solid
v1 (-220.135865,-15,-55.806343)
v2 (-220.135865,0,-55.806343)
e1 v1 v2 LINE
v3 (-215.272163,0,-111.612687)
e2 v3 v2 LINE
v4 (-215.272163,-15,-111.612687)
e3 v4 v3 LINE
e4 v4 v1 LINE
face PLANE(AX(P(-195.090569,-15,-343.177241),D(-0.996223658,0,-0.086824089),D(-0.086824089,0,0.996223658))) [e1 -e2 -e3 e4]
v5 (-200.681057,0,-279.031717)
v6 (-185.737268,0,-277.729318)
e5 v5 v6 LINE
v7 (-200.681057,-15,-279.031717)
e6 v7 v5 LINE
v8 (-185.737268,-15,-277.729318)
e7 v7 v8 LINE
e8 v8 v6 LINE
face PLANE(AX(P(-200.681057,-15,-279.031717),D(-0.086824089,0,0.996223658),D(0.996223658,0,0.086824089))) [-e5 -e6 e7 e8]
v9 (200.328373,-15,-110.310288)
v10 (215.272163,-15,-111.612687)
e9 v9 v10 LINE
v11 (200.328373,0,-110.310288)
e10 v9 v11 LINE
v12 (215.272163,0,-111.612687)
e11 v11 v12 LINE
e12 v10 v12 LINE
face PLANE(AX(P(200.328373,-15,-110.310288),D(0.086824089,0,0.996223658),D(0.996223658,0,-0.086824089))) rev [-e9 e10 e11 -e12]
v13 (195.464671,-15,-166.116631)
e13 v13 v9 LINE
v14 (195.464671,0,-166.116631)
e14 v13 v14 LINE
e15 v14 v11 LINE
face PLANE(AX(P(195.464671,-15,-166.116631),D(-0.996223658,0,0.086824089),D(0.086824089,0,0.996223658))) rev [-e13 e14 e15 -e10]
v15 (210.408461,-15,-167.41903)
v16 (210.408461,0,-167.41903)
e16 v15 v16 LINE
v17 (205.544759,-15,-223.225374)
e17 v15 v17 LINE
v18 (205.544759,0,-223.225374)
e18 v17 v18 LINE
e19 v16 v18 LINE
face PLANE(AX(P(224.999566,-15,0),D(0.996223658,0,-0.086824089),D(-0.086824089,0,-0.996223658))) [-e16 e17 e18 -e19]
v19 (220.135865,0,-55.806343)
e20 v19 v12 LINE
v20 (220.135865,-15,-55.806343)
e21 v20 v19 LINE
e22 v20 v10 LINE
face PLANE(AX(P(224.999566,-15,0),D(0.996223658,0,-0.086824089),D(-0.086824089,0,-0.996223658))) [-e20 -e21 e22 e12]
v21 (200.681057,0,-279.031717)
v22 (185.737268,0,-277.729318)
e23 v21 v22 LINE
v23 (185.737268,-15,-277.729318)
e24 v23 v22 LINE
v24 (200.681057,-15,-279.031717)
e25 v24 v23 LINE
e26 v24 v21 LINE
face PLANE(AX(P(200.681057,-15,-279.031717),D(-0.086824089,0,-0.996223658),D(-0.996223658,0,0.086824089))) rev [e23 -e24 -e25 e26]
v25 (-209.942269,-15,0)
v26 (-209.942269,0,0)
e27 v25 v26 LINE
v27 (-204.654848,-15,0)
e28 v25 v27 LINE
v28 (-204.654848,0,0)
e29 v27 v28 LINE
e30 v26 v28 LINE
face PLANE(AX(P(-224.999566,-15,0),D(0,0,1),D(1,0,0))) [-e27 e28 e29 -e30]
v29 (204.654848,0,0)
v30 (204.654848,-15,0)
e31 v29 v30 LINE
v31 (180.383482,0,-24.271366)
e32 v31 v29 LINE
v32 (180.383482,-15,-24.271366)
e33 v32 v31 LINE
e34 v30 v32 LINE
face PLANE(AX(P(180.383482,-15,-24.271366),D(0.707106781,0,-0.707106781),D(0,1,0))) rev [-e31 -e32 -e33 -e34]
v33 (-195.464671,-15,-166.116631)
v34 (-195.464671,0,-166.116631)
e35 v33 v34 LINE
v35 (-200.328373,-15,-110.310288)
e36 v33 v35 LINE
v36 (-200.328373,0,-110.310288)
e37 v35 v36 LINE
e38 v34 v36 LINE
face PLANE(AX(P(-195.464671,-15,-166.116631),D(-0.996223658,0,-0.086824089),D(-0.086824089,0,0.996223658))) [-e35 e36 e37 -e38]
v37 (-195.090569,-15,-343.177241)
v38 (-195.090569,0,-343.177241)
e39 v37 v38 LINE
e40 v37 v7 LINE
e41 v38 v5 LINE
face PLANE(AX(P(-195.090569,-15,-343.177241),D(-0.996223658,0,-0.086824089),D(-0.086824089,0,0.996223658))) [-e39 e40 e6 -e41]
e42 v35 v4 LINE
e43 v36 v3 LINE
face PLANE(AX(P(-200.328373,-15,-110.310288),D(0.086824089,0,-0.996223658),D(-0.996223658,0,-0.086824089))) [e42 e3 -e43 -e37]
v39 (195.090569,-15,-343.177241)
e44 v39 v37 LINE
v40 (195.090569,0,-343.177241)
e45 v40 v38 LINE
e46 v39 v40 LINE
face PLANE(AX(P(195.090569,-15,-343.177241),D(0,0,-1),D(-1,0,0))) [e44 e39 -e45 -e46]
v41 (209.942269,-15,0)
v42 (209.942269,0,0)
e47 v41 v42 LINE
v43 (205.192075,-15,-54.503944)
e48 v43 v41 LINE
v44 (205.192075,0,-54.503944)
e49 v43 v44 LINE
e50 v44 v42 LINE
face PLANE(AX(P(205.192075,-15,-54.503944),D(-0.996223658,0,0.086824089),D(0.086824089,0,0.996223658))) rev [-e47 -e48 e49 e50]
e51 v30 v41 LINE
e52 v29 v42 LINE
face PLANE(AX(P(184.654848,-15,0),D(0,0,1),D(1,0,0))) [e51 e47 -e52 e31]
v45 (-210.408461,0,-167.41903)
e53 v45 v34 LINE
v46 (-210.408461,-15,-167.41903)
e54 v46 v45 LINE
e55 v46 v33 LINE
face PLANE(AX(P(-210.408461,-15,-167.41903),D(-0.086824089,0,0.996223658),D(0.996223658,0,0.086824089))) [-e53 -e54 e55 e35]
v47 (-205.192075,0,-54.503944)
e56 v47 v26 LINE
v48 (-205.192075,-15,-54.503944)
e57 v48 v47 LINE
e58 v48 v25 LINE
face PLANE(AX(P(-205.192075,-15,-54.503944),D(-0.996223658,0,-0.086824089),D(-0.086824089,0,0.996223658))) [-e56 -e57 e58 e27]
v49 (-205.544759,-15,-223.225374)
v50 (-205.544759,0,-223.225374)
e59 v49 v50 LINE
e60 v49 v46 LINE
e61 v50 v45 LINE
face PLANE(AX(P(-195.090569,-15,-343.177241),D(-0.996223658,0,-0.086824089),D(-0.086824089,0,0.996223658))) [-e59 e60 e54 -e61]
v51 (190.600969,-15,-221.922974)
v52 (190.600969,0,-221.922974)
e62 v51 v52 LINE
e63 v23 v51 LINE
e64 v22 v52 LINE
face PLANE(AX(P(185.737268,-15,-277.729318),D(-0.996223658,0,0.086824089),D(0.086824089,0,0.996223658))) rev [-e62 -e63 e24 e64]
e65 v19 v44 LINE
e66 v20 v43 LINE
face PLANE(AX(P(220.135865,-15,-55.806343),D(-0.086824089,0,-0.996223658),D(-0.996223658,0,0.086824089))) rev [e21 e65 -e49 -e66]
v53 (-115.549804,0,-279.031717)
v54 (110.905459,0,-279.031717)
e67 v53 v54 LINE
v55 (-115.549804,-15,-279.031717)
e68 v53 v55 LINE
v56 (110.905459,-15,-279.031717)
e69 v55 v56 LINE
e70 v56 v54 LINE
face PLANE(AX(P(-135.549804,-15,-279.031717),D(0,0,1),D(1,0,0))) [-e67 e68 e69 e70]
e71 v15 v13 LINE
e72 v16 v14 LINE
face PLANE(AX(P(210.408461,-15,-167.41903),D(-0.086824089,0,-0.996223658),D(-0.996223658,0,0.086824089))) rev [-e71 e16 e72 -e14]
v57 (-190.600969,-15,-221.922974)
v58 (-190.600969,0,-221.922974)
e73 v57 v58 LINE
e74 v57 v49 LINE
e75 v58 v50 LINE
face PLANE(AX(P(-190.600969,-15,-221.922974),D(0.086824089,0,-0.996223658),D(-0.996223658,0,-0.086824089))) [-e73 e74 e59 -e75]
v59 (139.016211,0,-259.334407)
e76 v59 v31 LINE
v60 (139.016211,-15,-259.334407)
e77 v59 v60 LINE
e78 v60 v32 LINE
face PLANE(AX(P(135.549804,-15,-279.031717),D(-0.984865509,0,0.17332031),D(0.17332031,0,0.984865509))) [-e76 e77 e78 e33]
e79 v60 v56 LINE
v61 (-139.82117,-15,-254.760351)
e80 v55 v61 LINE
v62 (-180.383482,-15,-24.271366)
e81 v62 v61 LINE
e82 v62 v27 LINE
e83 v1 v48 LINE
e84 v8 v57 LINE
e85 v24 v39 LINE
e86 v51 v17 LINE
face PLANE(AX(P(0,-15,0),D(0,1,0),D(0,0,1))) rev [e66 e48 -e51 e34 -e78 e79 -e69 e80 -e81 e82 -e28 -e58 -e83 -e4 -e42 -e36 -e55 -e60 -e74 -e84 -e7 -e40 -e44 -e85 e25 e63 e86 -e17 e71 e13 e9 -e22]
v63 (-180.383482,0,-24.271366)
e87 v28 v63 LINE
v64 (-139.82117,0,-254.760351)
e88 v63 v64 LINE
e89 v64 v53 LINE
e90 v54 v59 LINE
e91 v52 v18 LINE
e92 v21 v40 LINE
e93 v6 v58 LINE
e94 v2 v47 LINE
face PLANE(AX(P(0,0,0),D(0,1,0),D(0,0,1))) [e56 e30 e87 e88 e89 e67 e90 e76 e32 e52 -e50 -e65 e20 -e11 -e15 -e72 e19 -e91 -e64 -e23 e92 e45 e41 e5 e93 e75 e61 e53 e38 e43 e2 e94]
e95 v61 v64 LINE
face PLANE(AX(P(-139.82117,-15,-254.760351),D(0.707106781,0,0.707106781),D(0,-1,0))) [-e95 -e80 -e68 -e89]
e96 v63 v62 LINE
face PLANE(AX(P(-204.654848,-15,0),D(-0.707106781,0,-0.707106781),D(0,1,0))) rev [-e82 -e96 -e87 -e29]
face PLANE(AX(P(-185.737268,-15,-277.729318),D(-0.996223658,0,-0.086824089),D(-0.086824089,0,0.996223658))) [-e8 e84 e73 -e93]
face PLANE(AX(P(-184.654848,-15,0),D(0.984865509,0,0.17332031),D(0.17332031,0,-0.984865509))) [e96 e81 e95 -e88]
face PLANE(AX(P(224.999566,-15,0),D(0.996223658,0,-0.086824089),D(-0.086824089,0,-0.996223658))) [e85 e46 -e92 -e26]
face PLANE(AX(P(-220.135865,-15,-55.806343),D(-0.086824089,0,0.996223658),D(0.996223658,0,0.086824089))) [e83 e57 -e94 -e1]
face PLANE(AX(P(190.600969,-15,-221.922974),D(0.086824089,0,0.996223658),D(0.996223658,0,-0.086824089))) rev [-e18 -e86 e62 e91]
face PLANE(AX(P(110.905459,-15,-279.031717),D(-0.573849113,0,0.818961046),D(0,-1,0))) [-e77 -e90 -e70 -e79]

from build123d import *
from OCP.BRepFilletAPI import BRepFilletAPI_MakeChamfer

# Parameters (mm, degrees)
BOSS_EXTRUDE1_DEPTH = 15
CHAMFER1_SIZE       = 20
CHAMFER1_SIZE2      = 24.644345169
CHAMFER2_SIZE       = 20
CHAMFER2_SIZE2      = 24.644345169
CHAMFER3_SIZE       = 20
CHAMFER3_SIZE2      = 24.644345169
CUT_EXTRUDE1_DEPTH  = 411.634172553


with BuildPart() as part:
    # Sketch2 → Boss-Extrude1 (new body)
    with BuildSketch(Plane(origin=(0, 0, 0), x_dir=(1, 0, 0), z_dir=(0, 1, 0))):
        Polygon((-195.090568581, 343.177241046), (-224.999566436, 0), (-184.654847842, 0), (-135.549804353, 279.031716914), (135.549804353, 279.031716914), (184.654847842, 0), (224.999566436, 0), (195.090568581, 343.177241046), align=None)
    extrude(amount=-BOSS_EXTRUDE1_DEPTH)

    # Chamfer1: one chamfer whose edges measure the first distance from different faces: ONE call of the kernel's chamfer builder (chamfer() names one face for all edges)
    chamfer1_edges_1 = [part.edges().sort_by_distance(p)[0] for p in [
        (135.549804353, -7.5, -279.031716914),
    ]]
    chamfer1_side_1 = [part.faces().sort_by_distance(p)[0] for p in [
        (160.102326098, -7.5, -139.515858457),
    ]]
    chamfer1_edges_2 = [part.edges().sort_by_distance(p)[0] for p in [
        (-135.549804353, -7.5, -279.031716914),
    ]]
    chamfer1_side_2 = [part.faces().sort_by_distance(p)[0] for p in [
        (0, -7.5, -279.031716914),
    ]]
    chamfer1 = BRepFilletAPI_MakeChamfer(part.part.solid().wrapped)
    for e in chamfer1_edges_1:
        chamfer1.Add(CHAMFER1_SIZE, CHAMFER1_SIZE2, e.wrapped, chamfer1_side_1[0].wrapped)  # the first distance lies on this face
    for e in chamfer1_edges_2:
        chamfer1.Add(CHAMFER1_SIZE, CHAMFER1_SIZE2, e.wrapped, chamfer1_side_2[0].wrapped)  # the first distance lies on this face
    add(Compound.cast(chamfer1.Shape()), mode=Mode.REPLACE)

    # Chamfer2
    chamfer2_edges = [part.edges().sort_by_distance(p)[0] for p in [
        (184.654847842, -7.5, 0),
    ]]
    chamfer2_side = [part.faces().sort_by_distance(p)[0] for p in [
        (204.827207139, -7.5, 0),
    ]]
    chamfer(chamfer2_edges, length=CHAMFER2_SIZE, length2=CHAMFER2_SIZE2, reference=chamfer2_side[0])

    # Chamfer3
    chamfer3_edges = [part.edges().sort_by_distance(p)[0] for p in [
        (-184.654847842, -7.5, 0),
    ]]
    chamfer3_side = [part.faces().sort_by_distance(p)[0] for p in [
        (-204.827207139, -7.5, 0),
    ]]
    chamfer(chamfer3_edges, length=CHAMFER3_SIZE, length2=CHAMFER3_SIZE2, reference=chamfer3_side[0])

    # Sketch3 → Cut-Extrude1 (cut, through all)
    with BuildSketch(Plane(origin=(0, 0, 0), x_dir=(1, 0, 0), z_dir=(0, 1, 0))):
        Polygon((200.68105686, 279.031716914), (185.737267566, 277.729317721), (190.600969481, 221.922974338), (205.544758775, 223.225373531), align=None)
        Polygon((210.40846069, 167.419030149), (195.464671397, 166.116630955), (200.328373312, 110.310287572), (215.272162606, 111.612686766), align=None)
        Polygon((209.942268873, 0), (224.999566436, 0), (220.135864521, 55.806343383), (205.192075227, 54.503944189), align=None)
    cut_extrude1 = extrude(amount=-CUT_EXTRUDE1_DEPTH, mode=Mode.SUBTRACT)

    # Mirror1: Cut-Extrude1 across plane
    add(cut_extrude1.mirror(Plane(origin=(0, 0, 0), x_dir=(0, 0, 1), z_dir=(1, 0, 0))), mode=Mode.SUBTRACT)


solid = part.part
